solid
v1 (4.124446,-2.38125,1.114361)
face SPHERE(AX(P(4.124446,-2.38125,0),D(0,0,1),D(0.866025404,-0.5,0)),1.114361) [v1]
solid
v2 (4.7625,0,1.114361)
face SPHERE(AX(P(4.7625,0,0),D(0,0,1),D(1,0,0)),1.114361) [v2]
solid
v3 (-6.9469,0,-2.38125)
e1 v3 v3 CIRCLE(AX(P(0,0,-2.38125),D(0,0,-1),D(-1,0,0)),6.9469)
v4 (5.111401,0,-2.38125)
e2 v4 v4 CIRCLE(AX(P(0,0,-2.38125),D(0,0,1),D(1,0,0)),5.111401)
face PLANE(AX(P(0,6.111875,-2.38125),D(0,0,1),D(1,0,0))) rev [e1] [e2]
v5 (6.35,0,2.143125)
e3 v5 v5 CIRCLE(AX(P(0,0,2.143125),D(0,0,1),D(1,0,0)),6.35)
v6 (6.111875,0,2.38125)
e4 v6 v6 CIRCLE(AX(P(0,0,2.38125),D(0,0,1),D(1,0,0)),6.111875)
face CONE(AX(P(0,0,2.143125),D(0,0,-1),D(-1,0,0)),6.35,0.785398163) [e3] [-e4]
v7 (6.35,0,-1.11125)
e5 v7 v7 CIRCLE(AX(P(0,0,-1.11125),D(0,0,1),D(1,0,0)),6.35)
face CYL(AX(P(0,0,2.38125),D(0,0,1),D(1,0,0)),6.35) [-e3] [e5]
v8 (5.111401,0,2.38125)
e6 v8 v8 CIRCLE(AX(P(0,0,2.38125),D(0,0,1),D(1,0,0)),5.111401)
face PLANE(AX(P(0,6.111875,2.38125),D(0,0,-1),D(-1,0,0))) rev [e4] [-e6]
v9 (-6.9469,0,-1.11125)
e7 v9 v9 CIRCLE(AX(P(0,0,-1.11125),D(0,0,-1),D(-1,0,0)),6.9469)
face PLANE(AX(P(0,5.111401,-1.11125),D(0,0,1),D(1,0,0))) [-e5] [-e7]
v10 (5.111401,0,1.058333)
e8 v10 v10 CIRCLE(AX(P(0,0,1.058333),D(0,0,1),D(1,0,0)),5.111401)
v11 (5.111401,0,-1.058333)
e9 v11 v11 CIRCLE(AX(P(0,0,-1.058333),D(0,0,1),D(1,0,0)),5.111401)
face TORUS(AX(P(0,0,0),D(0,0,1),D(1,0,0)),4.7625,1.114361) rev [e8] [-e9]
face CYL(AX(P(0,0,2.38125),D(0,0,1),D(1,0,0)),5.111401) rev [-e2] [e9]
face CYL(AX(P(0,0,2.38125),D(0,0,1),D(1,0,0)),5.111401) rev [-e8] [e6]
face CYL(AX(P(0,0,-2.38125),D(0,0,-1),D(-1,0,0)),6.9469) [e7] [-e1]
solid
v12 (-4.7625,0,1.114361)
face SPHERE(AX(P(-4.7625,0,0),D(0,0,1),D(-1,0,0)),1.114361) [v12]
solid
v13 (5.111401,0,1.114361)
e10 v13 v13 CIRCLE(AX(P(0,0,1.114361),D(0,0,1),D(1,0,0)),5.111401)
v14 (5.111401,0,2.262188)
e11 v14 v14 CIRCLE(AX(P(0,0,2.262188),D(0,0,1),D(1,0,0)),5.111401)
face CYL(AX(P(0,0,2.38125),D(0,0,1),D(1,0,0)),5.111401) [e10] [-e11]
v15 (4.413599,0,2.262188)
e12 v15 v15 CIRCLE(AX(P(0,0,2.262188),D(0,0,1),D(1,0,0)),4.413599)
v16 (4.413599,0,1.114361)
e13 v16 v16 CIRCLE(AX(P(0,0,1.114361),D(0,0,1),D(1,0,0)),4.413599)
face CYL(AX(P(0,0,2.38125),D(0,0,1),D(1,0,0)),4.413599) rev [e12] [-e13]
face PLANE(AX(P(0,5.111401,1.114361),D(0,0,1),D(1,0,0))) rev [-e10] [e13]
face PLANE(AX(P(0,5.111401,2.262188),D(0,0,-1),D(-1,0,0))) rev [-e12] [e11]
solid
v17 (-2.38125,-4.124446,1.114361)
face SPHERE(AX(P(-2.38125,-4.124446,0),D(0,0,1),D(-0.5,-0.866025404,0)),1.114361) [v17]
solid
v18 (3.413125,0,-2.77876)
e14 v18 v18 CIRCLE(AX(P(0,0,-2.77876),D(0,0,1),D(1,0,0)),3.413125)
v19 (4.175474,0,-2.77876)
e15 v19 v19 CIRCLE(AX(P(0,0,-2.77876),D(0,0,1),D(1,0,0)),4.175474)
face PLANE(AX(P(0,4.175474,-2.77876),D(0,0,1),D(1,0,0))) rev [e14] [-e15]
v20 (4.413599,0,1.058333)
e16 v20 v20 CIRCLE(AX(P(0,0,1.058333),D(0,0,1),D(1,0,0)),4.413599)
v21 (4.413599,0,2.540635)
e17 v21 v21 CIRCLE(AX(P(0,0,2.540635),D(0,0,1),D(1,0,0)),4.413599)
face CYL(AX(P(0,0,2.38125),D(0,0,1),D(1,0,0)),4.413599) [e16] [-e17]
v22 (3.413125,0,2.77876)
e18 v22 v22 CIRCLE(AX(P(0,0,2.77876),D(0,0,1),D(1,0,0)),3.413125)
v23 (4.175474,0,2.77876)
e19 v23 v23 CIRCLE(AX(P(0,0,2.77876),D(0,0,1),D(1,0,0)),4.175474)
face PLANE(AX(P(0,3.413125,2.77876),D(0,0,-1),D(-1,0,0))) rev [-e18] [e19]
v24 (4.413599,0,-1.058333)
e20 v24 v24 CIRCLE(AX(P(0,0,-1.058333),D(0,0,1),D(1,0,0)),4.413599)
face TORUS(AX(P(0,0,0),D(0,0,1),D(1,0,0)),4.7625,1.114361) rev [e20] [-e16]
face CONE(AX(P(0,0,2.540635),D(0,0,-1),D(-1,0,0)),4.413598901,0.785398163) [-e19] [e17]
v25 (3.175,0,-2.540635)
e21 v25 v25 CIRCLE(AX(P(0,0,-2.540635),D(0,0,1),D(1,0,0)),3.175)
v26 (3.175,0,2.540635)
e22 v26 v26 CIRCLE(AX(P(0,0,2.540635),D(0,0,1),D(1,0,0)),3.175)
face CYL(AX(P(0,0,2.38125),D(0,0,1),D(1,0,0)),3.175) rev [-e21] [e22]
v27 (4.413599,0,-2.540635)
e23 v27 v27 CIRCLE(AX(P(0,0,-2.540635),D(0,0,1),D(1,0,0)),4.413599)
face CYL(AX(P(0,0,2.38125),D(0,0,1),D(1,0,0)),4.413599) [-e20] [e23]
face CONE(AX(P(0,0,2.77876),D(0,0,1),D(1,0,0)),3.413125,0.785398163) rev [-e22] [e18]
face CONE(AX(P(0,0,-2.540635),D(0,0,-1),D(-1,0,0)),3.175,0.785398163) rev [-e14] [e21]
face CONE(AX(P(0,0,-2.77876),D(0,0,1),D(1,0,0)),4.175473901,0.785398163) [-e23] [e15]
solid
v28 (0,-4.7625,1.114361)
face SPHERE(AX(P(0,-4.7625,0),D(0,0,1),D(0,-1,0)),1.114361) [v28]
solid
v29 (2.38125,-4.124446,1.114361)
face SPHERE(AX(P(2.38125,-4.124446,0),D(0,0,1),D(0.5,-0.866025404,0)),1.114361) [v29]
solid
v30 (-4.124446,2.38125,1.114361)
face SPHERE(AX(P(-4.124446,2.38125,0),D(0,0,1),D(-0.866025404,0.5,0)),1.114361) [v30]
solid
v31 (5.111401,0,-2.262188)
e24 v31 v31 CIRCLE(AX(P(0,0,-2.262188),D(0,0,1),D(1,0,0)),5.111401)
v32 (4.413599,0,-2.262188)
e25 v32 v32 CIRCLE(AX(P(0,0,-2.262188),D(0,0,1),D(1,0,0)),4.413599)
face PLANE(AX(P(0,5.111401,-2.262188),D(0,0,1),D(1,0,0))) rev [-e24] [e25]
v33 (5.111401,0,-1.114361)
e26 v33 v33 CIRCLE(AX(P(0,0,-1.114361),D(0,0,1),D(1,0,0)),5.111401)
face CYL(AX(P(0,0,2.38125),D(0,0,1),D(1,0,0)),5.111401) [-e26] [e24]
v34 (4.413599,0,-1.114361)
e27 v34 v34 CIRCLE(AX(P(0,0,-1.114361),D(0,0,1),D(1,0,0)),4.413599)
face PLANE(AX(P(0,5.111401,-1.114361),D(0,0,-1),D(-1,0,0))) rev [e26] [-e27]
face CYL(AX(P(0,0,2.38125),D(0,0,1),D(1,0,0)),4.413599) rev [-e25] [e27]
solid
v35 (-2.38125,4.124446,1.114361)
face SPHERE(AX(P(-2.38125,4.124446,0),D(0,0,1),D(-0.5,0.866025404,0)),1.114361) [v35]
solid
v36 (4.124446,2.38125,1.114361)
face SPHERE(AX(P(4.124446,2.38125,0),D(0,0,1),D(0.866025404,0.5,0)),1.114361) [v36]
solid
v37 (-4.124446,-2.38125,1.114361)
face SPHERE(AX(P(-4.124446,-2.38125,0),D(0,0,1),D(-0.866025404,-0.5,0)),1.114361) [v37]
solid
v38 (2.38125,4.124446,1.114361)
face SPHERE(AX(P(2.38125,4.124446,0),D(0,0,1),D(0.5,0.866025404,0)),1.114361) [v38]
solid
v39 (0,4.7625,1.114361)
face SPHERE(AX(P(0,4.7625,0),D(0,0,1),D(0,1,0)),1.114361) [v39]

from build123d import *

# Parameters (mm, degrees)
CIRPATTERN1_COUNT = 12
SKETCH5_W         = 1.147826059
SKETCH5_H         = 0.697802198
SKETCH6_W         = 1.27
SKETCH6_H         = 1.835498901


with BuildPart() as part:
    # Sketch1 → Revolve1 (revolve)
    with BuildSketch(Plane(origin=(0, 0, 0), x_dir=(0, 0, -1), z_dir=(1, 0, 0))):
        with BuildLine():
            Line((2.143125, 6.35), (-2.143125, 6.35))
            Line((-2.143125, 6.35), (-2.38125, 6.111875))
            Line((-2.38125, 6.111875), (-2.38125, 5.111401099))
            Line((-2.38125, 5.111401099), (-1.058333333, 5.111401099))
            ThreePointArc((-1.058333333, 5.111401099), (0, 5.876861441), (1.058333333, 5.111401099))
            Line((1.058333333, 5.111401099), (2.38125, 5.111401099))
            Line((2.38125, 5.111401099), (2.38125, 6.111875))
            Line((2.38125, 6.111875), (2.143125, 6.35))
        make_face()
    revolve(axis=Axis((0, 0, 2.38125), (0, 0, -1)))

    # Sketch6 → Revolve6 (revolve)
    with BuildSketch(Plane(origin=(0, 0, 0), x_dir=(0, 0, -1), z_dir=(1, 0, 0))):
        with Locations((1.74625, 6.02915055)):
            Rectangle(SKETCH6_W, SKETCH6_H)
    revolve(axis=Axis((0, 0, -2.38125), (0, 0, 1)))


with BuildPart() as body_2:
    # Sketch3 → Revolve3 (revolve)
    with BuildSketch(Plane(origin=(0, 0, 0), x_dir=(0, 0, -1), z_dir=(1, 0, 0))):
        with BuildLine():
            Line((-2.77876, 3.413125), (-2.77876, 4.175473901))
            Line((-2.77876, 4.175473901), (-2.540635, 4.413598901))
            Line((-2.540635, 4.413598901), (-1.058333333, 4.413598901))
            ThreePointArc((-1.058333333, 4.413598901), (0, 3.648138559), (1.058333333, 4.413598901))
            Line((1.058333333, 4.413598901), (2.540635, 4.413598901))
            Line((2.540635, 4.413598901), (2.77876, 4.175473901))
            Line((2.77876, 4.175473901), (2.77876, 3.413125))
            Line((2.77876, 3.413125), (2.540635, 3.175))
            Line((2.540635, 3.175), (-2.540635, 3.175))
            Line((-2.540635, 3.175), (-2.77876, 3.413125))
        make_face()
    revolve(axis=Axis((0, 0, 2.38125), (0, 0, -1)))


with BuildPart() as body_3:
    # Sketch4 → Revolve4 (revolve)
    with BuildSketch(Plane(origin=(0, 0, 0), x_dir=(0, 0, -1), z_dir=(1, 0, 0))):
        with BuildLine():
            Line((-1.114361441, 4.7625), (1.114361441, 4.7625))
            ThreePointArc((1.114361441, 4.7625), (0, 5.876861441), (-1.114361441, 4.7625))
        make_face()
    revolve(axis=Axis((0, 4.7625, 1.114361441), (0, 0, -1)))


with BuildPart() as cirpattern1_1:
    # CirPattern1: pattern copy
    add(body_3.part.rotate(Axis((0, 0, -2.38125), (0, 0, 1)), 1 * 360 / CIRPATTERN1_COUNT))


with BuildPart() as cirpattern1_2:
    # CirPattern1: pattern copy
    add(body_3.part.rotate(Axis((0, 0, -2.38125), (0, 0, 1)), 2 * 360 / CIRPATTERN1_COUNT))


with BuildPart() as cirpattern1_3:
    # CirPattern1: pattern copy
    add(body_3.part.rotate(Axis((0, 0, -2.38125), (0, 0, 1)), 3 * 360 / CIRPATTERN1_COUNT))


with BuildPart() as cirpattern1_4:
    # CirPattern1: pattern copy
    add(body_3.part.rotate(Axis((0, 0, -2.38125), (0, 0, 1)), 4 * 360 / CIRPATTERN1_COUNT))


with BuildPart() as cirpattern1_5:
    # CirPattern1: pattern copy
    add(body_3.part.rotate(Axis((0, 0, -2.38125), (0, 0, 1)), 5 * 360 / CIRPATTERN1_COUNT))


with BuildPart() as cirpattern1_6:
    # CirPattern1: pattern copy
    add(body_3.part.rotate(Axis((0, 0, -2.38125), (0, 0, 1)), 6 * 360 / CIRPATTERN1_COUNT))


with BuildPart() as cirpattern1_7:
    # CirPattern1: pattern copy
    add(body_3.part.rotate(Axis((0, 0, -2.38125), (0, 0, 1)), 7 * 360 / CIRPATTERN1_COUNT))


with BuildPart() as cirpattern1_8:
    # CirPattern1: pattern copy
    add(body_3.part.rotate(Axis((0, 0, -2.38125), (0, 0, 1)), 8 * 360 / CIRPATTERN1_COUNT))


with BuildPart() as cirpattern1_9:
    # CirPattern1: pattern copy
    add(body_3.part.rotate(Axis((0, 0, -2.38125), (0, 0, 1)), 9 * 360 / CIRPATTERN1_COUNT))


with BuildPart() as cirpattern1_10:
    # CirPattern1: pattern copy
    add(body_3.part.rotate(Axis((0, 0, -2.38125), (0, 0, 1)), 10 * 360 / CIRPATTERN1_COUNT))


with BuildPart() as cirpattern1_11:
    # CirPattern1: pattern copy
    add(body_3.part.rotate(Axis((0, 0, -2.38125), (0, 0, 1)), 11 * 360 / CIRPATTERN1_COUNT))


with BuildPart() as body_15:
    # Sketch5 → Revolve5 (revolve)
    with BuildSketch(Plane(origin=(0, 0, 0), x_dir=(0, 0, -1), z_dir=(1, 0, 0))):
        with Locations((-1.688274471, 4.7625)):
            Rectangle(SKETCH5_W, SKETCH5_H)
        with Locations((1.688274471, 4.7625)):
            Rectangle(SKETCH5_W, SKETCH5_H)
    revolve(axis=Axis((0, 0, 2.38125), (0, 0, -1)))


solid = Compound([part.part, body_2.part, body_3.part, cirpattern1_1.part, cirpattern1_2.part, cirpattern1_3.part, cirpattern1_4.part, cirpattern1_5.part, cirpattern1_6.part, cirpattern1_7.part, cirpattern1_8.part, cirpattern1_9.part, cirpattern1_10.part, cirpattern1_11.part, body_15.part])
